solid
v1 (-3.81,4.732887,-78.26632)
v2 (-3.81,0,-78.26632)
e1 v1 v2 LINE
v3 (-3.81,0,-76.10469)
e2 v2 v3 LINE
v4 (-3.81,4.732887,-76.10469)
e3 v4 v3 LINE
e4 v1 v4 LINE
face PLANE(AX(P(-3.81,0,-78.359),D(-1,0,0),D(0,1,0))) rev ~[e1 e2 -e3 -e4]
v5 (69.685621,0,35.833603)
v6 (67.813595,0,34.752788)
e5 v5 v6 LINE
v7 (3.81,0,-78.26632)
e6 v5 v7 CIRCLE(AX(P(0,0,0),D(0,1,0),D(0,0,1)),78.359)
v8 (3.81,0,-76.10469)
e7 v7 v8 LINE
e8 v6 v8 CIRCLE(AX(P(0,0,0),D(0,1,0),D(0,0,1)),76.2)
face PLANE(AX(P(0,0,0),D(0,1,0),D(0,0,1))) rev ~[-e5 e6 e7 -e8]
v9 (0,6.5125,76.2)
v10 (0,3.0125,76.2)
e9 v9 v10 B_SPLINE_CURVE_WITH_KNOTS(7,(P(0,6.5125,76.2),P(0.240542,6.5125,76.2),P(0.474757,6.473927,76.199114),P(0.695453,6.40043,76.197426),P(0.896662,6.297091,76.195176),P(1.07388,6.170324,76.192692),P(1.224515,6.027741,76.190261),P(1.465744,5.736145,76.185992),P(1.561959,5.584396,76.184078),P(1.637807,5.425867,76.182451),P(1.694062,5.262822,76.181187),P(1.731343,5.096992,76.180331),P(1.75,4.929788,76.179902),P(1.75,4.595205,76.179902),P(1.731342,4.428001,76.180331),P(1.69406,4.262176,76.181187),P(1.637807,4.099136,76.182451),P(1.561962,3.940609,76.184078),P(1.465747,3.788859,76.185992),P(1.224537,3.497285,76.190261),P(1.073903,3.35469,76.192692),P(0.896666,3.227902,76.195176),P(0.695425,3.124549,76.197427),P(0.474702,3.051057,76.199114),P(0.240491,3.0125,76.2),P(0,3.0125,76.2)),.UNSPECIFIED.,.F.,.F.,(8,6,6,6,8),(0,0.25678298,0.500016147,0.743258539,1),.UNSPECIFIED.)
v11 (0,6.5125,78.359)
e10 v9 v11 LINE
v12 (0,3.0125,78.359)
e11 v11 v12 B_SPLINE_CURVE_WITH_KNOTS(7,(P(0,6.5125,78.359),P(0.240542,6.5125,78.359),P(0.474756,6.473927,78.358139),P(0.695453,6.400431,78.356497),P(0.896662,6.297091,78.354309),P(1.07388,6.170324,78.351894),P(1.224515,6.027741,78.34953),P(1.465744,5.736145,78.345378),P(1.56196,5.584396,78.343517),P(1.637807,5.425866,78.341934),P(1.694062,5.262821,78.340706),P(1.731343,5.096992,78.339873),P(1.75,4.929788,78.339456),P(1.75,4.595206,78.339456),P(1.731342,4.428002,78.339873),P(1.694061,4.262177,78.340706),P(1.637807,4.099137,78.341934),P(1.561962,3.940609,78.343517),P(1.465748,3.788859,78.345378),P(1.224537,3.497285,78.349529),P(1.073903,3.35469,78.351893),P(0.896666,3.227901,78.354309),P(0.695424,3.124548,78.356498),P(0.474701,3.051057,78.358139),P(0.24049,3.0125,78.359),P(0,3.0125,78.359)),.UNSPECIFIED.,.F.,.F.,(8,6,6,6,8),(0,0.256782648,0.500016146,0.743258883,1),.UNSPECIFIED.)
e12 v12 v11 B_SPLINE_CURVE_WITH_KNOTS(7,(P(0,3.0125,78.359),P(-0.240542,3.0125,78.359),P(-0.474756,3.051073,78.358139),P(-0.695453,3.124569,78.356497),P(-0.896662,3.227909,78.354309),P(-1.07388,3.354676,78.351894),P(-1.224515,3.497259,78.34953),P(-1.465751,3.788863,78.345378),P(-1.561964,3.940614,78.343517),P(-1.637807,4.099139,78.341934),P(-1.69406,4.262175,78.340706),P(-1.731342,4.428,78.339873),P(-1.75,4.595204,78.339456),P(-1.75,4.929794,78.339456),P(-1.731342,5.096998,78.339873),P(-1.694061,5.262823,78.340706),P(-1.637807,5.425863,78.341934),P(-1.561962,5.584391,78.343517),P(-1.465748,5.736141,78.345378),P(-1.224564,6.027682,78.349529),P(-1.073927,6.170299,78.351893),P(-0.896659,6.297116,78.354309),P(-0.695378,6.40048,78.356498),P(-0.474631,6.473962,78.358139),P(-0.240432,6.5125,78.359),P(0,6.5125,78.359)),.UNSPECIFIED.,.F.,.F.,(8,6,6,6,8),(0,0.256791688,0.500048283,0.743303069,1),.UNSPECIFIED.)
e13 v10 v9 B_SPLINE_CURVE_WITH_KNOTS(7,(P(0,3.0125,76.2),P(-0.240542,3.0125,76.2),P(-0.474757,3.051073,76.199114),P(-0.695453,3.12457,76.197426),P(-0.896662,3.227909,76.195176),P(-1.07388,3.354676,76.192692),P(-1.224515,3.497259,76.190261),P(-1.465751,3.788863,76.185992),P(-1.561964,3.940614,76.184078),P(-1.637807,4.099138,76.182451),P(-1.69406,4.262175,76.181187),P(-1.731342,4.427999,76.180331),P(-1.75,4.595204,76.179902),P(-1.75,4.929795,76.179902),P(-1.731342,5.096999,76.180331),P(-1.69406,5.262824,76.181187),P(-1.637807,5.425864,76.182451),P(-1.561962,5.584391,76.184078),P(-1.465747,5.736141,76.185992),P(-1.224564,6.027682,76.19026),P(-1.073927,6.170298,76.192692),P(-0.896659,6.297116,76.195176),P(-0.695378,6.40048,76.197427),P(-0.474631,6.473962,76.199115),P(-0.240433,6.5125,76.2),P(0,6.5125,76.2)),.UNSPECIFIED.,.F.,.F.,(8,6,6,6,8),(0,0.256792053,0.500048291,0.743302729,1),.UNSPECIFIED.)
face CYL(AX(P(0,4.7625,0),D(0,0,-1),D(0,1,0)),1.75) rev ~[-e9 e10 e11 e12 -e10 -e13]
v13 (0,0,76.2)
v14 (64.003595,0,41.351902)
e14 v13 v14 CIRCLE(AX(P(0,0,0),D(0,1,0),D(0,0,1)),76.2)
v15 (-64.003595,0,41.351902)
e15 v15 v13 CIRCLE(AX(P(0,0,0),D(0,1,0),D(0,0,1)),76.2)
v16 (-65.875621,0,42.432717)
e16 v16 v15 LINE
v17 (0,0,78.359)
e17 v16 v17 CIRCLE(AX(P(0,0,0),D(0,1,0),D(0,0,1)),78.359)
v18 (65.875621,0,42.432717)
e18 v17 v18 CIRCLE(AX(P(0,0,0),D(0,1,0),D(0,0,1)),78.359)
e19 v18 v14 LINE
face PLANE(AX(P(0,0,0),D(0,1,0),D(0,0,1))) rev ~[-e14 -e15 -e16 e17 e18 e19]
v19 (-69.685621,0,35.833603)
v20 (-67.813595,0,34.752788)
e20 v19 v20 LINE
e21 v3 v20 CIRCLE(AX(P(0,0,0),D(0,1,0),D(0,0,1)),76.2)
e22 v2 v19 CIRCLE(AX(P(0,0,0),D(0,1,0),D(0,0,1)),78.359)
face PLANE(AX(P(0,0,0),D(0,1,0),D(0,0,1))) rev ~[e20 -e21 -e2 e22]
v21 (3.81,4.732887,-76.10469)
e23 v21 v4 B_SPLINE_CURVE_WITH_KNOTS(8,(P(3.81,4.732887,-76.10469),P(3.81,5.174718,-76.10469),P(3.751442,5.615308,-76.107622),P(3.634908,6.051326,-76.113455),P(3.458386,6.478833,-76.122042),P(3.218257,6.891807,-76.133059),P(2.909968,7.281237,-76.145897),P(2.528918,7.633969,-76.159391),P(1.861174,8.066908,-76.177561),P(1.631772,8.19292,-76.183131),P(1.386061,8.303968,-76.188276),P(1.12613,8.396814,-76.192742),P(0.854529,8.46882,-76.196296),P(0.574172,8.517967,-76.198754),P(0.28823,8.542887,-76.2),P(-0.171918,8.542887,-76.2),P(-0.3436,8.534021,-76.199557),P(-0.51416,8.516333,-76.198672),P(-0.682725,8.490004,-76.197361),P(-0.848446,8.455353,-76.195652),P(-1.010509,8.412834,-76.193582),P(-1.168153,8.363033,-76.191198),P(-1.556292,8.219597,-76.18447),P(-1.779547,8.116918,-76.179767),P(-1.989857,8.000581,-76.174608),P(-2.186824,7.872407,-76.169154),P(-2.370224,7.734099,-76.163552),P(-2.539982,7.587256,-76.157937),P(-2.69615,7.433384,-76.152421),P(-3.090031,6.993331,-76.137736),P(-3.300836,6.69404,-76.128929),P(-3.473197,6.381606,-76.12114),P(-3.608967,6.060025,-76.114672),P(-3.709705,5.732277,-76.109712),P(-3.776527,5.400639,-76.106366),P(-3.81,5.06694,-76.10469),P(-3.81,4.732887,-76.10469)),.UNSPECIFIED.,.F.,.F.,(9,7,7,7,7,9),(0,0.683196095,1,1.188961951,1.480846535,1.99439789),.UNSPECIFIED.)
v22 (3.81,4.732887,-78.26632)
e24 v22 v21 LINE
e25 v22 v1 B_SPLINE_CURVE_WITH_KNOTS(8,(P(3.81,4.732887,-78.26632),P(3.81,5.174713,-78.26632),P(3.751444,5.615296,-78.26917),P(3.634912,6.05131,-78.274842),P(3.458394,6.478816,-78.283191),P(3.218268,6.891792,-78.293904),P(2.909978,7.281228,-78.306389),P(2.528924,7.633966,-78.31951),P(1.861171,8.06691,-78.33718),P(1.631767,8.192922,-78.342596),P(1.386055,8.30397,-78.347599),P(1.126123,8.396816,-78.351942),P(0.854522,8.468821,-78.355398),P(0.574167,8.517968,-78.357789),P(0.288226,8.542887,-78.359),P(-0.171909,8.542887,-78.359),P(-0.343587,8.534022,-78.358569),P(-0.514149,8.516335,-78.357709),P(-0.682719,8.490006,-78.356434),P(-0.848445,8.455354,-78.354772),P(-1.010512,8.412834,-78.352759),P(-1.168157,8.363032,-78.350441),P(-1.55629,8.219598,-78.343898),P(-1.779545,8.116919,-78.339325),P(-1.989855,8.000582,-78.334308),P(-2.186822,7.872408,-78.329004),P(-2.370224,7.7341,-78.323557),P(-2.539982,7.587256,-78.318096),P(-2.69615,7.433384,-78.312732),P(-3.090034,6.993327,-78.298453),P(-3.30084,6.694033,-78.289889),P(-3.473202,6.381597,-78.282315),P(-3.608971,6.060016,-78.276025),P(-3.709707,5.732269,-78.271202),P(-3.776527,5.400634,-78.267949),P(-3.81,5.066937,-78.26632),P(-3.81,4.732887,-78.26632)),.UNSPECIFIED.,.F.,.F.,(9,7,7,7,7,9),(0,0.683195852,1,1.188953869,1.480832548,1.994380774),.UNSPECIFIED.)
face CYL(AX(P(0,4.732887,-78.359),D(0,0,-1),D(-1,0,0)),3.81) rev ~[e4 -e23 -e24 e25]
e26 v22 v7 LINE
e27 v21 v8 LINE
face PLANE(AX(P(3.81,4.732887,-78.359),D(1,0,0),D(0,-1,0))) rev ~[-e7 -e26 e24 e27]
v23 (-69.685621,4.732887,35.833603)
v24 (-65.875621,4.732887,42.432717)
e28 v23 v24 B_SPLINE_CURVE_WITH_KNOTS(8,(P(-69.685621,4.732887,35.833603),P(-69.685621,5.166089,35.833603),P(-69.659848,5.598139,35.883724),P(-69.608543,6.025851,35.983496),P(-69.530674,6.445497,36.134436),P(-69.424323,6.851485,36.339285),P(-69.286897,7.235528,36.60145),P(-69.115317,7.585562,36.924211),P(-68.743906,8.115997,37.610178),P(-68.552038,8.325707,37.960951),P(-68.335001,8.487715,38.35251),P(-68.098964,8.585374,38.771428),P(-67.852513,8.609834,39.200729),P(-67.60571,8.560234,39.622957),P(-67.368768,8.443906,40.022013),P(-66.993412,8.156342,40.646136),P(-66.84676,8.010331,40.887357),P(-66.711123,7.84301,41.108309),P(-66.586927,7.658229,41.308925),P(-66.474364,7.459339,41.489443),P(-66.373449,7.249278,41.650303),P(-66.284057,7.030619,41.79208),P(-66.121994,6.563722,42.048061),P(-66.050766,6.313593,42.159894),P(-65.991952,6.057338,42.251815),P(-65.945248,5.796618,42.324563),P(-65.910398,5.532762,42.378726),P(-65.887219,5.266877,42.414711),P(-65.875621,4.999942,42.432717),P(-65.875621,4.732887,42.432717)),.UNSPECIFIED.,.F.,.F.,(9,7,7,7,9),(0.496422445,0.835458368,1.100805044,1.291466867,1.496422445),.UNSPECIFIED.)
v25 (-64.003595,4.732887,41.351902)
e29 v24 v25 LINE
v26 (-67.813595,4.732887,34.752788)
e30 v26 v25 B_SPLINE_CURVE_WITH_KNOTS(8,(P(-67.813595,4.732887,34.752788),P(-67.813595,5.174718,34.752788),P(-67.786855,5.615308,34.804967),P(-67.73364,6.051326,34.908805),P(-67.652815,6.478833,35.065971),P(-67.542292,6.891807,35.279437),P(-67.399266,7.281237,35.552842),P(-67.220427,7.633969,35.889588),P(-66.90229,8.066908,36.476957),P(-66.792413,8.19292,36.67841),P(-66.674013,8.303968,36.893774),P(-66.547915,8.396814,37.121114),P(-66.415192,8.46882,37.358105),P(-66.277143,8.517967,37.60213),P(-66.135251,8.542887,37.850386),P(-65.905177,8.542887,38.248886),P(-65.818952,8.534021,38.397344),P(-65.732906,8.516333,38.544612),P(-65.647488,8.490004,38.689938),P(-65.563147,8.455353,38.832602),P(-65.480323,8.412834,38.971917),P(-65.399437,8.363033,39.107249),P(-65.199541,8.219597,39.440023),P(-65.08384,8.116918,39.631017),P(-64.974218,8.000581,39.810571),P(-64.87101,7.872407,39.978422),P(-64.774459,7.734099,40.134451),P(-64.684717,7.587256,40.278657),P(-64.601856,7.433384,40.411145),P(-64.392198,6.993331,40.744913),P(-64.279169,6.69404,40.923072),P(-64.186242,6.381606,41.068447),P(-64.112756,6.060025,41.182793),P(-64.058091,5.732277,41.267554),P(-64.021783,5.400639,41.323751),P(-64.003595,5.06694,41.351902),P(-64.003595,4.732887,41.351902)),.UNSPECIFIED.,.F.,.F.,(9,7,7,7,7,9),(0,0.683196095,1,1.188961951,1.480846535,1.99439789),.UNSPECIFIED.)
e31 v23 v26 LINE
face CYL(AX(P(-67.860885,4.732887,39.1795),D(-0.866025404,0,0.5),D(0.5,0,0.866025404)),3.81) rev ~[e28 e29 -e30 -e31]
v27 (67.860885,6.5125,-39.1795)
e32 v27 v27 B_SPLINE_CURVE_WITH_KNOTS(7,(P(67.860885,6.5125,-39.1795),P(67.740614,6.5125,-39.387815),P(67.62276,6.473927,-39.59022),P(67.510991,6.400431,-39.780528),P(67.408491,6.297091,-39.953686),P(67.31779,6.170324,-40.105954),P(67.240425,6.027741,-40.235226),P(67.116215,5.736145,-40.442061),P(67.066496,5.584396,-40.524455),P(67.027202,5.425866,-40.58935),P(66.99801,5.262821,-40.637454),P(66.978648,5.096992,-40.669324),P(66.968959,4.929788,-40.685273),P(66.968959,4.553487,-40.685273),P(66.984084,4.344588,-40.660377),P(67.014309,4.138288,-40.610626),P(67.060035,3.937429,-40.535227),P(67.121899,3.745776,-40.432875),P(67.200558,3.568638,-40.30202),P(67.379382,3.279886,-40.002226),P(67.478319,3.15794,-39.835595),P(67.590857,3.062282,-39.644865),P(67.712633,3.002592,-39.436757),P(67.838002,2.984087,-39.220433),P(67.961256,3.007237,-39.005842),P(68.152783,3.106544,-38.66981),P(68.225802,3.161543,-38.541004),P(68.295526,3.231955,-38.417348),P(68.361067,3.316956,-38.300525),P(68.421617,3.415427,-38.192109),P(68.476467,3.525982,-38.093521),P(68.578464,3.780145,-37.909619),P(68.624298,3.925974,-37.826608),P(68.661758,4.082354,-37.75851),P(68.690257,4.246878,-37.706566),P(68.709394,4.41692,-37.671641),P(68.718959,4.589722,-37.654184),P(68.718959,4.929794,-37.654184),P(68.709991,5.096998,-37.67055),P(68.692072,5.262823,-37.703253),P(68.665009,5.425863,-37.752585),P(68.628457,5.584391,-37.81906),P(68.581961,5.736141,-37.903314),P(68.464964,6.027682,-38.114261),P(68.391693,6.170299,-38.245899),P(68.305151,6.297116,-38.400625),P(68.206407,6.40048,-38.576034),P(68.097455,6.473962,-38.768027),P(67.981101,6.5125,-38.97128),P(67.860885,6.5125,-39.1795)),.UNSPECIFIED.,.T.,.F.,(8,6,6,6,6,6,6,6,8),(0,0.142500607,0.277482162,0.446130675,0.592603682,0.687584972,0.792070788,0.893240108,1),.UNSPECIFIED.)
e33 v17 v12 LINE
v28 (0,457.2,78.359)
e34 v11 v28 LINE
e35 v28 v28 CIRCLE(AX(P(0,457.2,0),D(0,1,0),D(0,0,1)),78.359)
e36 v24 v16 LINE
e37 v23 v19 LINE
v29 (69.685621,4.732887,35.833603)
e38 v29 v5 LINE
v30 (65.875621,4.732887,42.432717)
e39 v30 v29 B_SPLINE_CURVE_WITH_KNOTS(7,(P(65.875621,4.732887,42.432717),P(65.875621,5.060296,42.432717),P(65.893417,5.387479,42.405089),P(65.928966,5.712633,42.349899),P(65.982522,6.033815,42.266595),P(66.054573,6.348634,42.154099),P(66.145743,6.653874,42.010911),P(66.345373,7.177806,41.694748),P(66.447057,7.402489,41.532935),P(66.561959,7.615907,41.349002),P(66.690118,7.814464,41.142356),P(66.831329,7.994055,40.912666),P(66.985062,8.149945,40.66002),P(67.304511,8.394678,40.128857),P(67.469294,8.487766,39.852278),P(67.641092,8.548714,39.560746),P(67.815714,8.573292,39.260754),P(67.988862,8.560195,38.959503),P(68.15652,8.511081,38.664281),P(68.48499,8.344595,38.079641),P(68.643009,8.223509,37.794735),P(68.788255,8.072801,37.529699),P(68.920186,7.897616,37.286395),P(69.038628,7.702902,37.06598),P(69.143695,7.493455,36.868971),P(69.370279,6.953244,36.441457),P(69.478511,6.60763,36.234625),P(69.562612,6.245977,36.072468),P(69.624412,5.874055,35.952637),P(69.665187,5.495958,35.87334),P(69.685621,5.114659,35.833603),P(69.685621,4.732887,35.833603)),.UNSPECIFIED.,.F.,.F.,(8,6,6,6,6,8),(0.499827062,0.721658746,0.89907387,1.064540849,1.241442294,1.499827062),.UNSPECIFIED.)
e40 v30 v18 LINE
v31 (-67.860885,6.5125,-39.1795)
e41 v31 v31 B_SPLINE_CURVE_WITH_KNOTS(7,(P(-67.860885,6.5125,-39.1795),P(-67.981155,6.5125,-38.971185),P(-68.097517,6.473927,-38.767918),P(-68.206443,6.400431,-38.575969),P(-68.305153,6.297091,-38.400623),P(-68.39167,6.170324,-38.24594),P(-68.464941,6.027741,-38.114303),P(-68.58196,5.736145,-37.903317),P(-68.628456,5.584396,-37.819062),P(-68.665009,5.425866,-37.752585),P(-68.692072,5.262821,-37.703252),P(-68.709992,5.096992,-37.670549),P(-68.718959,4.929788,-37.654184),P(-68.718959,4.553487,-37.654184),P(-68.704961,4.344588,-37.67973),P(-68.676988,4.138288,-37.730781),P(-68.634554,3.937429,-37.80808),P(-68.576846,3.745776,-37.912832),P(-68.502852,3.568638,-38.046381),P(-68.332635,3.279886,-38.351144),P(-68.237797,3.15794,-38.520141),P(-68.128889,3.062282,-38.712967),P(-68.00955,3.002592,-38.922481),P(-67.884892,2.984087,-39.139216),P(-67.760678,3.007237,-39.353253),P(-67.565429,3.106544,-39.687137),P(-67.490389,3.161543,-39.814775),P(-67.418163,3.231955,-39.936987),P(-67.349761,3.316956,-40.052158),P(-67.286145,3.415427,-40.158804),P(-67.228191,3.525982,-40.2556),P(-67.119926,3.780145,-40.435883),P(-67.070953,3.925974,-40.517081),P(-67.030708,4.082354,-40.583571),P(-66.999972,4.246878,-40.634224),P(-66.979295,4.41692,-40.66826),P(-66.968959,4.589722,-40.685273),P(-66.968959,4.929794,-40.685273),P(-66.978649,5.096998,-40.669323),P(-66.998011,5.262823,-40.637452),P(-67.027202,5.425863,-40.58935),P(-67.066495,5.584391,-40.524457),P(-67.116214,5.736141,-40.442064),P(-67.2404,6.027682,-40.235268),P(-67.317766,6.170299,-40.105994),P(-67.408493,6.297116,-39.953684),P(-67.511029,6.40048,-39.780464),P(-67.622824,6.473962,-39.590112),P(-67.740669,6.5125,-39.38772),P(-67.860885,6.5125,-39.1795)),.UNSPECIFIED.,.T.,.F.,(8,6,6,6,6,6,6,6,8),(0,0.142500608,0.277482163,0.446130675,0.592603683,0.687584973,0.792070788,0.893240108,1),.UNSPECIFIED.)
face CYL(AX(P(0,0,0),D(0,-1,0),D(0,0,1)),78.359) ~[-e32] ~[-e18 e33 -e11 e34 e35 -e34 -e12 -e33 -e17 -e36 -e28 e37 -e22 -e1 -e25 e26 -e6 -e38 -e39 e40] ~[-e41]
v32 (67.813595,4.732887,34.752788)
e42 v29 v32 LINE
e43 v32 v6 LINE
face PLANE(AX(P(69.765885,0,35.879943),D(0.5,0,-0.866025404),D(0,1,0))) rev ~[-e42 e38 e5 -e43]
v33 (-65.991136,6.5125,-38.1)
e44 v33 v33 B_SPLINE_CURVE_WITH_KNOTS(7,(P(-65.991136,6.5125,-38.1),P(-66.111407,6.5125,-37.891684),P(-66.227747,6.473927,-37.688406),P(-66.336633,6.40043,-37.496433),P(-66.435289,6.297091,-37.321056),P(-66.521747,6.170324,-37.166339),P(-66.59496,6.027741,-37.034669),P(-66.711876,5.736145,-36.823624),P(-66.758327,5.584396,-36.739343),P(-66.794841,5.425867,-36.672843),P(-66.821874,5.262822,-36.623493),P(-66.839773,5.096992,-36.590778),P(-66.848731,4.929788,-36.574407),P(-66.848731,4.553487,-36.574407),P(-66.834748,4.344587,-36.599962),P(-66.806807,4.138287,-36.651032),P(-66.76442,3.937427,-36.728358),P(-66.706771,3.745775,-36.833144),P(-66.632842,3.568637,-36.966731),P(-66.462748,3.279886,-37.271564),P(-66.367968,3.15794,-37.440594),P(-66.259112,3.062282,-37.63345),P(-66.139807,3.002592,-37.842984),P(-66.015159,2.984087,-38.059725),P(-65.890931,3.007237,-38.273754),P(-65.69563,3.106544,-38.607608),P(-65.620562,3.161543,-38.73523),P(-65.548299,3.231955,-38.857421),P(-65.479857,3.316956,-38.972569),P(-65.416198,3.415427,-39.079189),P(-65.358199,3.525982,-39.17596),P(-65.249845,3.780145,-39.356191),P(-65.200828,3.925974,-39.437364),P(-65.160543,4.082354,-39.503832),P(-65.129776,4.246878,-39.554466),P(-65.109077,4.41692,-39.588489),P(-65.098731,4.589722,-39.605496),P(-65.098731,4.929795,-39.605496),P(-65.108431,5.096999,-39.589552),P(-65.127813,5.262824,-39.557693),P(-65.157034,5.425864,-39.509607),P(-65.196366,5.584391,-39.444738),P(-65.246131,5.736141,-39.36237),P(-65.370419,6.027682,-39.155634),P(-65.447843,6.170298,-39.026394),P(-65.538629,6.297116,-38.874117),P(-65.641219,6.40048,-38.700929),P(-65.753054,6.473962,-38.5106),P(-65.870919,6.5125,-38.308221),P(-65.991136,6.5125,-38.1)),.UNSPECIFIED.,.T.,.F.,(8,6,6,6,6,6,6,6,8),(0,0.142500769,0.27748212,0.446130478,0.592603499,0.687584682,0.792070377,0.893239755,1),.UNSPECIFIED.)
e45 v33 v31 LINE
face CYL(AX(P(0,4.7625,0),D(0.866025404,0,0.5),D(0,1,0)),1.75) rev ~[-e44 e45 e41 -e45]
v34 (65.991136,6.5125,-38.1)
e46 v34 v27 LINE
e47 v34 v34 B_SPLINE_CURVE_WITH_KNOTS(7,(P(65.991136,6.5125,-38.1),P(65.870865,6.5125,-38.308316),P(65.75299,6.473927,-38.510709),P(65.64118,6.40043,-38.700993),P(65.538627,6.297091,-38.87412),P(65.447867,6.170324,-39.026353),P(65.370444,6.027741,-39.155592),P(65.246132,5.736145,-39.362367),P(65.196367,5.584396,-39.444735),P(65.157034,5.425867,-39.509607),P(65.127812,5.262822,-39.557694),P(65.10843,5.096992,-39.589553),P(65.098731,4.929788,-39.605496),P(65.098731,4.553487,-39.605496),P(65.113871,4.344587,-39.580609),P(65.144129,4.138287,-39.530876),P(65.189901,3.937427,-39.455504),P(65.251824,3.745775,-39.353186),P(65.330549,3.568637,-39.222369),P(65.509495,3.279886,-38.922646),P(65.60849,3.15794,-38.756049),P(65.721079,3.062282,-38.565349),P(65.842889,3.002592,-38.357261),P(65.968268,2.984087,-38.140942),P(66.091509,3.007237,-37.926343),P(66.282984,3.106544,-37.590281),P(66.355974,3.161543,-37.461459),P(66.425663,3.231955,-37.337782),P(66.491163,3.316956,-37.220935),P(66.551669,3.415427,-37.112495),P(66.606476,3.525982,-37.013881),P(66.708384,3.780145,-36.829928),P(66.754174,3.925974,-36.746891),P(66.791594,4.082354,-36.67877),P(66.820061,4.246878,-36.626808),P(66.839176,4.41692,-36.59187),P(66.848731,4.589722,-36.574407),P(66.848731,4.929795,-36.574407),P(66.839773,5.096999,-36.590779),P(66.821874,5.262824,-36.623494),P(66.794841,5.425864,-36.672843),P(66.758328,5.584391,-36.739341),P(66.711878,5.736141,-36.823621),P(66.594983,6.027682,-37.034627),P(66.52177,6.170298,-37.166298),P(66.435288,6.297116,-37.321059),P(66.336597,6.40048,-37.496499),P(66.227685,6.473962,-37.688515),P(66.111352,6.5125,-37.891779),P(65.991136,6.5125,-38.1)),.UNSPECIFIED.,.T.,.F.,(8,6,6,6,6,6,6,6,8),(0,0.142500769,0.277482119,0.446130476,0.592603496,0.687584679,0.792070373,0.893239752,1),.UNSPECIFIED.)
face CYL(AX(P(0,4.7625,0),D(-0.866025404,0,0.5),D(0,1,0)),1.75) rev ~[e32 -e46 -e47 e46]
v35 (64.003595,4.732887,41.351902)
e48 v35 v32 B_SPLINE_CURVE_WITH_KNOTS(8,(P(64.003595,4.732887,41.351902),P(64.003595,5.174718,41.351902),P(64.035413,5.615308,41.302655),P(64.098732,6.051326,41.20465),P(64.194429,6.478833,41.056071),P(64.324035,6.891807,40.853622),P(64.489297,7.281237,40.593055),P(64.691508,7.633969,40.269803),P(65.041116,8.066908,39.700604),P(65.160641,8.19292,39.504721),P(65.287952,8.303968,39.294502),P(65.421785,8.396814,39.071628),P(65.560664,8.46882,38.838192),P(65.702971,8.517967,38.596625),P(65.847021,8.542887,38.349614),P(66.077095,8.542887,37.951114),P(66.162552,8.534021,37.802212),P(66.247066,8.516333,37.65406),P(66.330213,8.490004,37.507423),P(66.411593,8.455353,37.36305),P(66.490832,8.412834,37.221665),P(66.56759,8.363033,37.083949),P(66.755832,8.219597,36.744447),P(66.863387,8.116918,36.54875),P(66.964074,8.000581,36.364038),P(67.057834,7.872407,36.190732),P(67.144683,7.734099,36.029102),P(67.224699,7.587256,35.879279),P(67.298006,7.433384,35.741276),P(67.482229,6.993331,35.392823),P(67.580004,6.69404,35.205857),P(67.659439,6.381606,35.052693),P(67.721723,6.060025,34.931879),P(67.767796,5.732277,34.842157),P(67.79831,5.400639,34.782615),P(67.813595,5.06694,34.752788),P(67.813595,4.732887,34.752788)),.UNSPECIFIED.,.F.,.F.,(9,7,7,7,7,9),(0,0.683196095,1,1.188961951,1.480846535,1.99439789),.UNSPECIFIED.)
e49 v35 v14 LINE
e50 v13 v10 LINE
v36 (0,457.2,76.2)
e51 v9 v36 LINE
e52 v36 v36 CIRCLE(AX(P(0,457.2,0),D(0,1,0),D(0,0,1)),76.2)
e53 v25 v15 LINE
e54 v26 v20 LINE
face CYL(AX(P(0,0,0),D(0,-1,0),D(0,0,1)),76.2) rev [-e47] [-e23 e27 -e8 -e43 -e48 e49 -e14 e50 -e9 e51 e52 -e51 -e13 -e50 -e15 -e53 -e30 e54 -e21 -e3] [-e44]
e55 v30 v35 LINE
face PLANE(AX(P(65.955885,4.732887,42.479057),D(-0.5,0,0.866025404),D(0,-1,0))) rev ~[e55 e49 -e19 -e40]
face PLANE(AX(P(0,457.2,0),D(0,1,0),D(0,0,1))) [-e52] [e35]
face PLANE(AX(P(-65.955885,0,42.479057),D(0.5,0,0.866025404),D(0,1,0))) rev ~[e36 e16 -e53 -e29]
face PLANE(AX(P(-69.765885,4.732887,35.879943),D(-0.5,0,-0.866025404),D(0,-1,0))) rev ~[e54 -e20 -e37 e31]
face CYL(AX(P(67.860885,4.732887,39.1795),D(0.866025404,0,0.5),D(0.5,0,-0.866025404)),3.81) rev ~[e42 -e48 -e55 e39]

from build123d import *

# Parameters (mm, degrees)
SKETCH1_R               = 78.359
SKETCH1_R_2             = 76.2
BOSS_EXTRUDE1_DEPTH     = 457.2
SKETCH2_R               = 1.750000056
CUT_EXTRUDE1_DEPTH      = 471.438206104
CIRPATTERN1_COUNT       = 6
CUT_EXTRUDE2_REACH      = 491.625
CUT_EXTRUDE2_END_RADIUS = 76.2
CIRPATTERN2_COUNT       = 3


with BuildPart() as part:
    # Sketch1 → Boss-Extrude1 (new body)
    with BuildSketch(Plane(origin=(0, 0, 0), x_dir=(1, 0, 0), z_dir=(0, 1, 0))):
        with Locations(Location((0, 0, 0), (0, 0, 270))):
            Circle(SKETCH1_R)
        with Locations(Location((0, 0, 0), (0, 0, 270))):
            Circle(SKETCH1_R_2, mode=Mode.SUBTRACT)
    extrude(amount=BOSS_EXTRUDE1_DEPTH)

    # Sketch2 → Cut-Extrude1 (cut, through all)
    with BuildSketch(Plane.XY):
        with Locations(Location((0, 4.7625, 0), (0, 0, 90))):
            Circle(SKETCH2_R)
    cut_extrude1 = extrude(amount=-CUT_EXTRUDE1_DEPTH, mode=Mode.SUBTRACT)

    # CirPattern1: Cut-Extrude1 ×6 about axis
    cirpattern1_axis = Axis((0, 457.2, 0), (0, -1, 0))
    for i in range(1, CIRPATTERN1_COUNT):
        add(cut_extrude1.rotate(cirpattern1_axis, i * 360 / CIRPATTERN1_COUNT), mode=Mode.SUBTRACT)

    # Cut-Extrude2: up to this cylinder (the profile starts outside it)
    cut_extrude2_end = Plane(origin=(0, 3.909431, 0), z_dir=(0, -1, 0)) * Cylinder(CUT_EXTRUDE2_END_RADIUS, 1136.65, mode=Mode.PRIVATE)
    # Sketch3 → Cut-Extrude2 (cut, up to the surface)
    with BuildSketch(Plane(origin=(0, 0, -78.359), x_dir=(-1, 0, 0), z_dir=(0, 0, -1)), mode=Mode.PRIVATE) as cut_extrude2_sk1:
        with BuildLine():
            Line((-3.81, 4.732887187), (-3.81, 0))
            Line((-3.81, 0), (3.81, 0))
            Line((3.81, 0), (3.81, 4.732887187))
            ThreePointArc((3.81, 4.732887187), (0, 8.542887187), (-3.81, 4.732887187))
        make_face()
    cut_extrude2_tool1 = extrude(cut_extrude2_sk1.sketch, amount=-CUT_EXTRUDE2_REACH, mode=Mode.PRIVATE) - cut_extrude2_end
    cut_extrude2 = cut_extrude2_tool1.solids().sort_by_distance((0, 3.909431, -78.359))[0]
    add(cut_extrude2, mode=Mode.SUBTRACT)

    # CirPattern2: Cut-Extrude2 ×3 about axis
    cirpattern2_axis = Axis((0, 0, 0), (0, 1, 0))
    for i in range(1, CIRPATTERN2_COUNT):
        add(cut_extrude2.rotate(cirpattern2_axis, i * 360 / CIRPATTERN2_COUNT), mode=Mode.SUBTRACT)


solid = part.part
